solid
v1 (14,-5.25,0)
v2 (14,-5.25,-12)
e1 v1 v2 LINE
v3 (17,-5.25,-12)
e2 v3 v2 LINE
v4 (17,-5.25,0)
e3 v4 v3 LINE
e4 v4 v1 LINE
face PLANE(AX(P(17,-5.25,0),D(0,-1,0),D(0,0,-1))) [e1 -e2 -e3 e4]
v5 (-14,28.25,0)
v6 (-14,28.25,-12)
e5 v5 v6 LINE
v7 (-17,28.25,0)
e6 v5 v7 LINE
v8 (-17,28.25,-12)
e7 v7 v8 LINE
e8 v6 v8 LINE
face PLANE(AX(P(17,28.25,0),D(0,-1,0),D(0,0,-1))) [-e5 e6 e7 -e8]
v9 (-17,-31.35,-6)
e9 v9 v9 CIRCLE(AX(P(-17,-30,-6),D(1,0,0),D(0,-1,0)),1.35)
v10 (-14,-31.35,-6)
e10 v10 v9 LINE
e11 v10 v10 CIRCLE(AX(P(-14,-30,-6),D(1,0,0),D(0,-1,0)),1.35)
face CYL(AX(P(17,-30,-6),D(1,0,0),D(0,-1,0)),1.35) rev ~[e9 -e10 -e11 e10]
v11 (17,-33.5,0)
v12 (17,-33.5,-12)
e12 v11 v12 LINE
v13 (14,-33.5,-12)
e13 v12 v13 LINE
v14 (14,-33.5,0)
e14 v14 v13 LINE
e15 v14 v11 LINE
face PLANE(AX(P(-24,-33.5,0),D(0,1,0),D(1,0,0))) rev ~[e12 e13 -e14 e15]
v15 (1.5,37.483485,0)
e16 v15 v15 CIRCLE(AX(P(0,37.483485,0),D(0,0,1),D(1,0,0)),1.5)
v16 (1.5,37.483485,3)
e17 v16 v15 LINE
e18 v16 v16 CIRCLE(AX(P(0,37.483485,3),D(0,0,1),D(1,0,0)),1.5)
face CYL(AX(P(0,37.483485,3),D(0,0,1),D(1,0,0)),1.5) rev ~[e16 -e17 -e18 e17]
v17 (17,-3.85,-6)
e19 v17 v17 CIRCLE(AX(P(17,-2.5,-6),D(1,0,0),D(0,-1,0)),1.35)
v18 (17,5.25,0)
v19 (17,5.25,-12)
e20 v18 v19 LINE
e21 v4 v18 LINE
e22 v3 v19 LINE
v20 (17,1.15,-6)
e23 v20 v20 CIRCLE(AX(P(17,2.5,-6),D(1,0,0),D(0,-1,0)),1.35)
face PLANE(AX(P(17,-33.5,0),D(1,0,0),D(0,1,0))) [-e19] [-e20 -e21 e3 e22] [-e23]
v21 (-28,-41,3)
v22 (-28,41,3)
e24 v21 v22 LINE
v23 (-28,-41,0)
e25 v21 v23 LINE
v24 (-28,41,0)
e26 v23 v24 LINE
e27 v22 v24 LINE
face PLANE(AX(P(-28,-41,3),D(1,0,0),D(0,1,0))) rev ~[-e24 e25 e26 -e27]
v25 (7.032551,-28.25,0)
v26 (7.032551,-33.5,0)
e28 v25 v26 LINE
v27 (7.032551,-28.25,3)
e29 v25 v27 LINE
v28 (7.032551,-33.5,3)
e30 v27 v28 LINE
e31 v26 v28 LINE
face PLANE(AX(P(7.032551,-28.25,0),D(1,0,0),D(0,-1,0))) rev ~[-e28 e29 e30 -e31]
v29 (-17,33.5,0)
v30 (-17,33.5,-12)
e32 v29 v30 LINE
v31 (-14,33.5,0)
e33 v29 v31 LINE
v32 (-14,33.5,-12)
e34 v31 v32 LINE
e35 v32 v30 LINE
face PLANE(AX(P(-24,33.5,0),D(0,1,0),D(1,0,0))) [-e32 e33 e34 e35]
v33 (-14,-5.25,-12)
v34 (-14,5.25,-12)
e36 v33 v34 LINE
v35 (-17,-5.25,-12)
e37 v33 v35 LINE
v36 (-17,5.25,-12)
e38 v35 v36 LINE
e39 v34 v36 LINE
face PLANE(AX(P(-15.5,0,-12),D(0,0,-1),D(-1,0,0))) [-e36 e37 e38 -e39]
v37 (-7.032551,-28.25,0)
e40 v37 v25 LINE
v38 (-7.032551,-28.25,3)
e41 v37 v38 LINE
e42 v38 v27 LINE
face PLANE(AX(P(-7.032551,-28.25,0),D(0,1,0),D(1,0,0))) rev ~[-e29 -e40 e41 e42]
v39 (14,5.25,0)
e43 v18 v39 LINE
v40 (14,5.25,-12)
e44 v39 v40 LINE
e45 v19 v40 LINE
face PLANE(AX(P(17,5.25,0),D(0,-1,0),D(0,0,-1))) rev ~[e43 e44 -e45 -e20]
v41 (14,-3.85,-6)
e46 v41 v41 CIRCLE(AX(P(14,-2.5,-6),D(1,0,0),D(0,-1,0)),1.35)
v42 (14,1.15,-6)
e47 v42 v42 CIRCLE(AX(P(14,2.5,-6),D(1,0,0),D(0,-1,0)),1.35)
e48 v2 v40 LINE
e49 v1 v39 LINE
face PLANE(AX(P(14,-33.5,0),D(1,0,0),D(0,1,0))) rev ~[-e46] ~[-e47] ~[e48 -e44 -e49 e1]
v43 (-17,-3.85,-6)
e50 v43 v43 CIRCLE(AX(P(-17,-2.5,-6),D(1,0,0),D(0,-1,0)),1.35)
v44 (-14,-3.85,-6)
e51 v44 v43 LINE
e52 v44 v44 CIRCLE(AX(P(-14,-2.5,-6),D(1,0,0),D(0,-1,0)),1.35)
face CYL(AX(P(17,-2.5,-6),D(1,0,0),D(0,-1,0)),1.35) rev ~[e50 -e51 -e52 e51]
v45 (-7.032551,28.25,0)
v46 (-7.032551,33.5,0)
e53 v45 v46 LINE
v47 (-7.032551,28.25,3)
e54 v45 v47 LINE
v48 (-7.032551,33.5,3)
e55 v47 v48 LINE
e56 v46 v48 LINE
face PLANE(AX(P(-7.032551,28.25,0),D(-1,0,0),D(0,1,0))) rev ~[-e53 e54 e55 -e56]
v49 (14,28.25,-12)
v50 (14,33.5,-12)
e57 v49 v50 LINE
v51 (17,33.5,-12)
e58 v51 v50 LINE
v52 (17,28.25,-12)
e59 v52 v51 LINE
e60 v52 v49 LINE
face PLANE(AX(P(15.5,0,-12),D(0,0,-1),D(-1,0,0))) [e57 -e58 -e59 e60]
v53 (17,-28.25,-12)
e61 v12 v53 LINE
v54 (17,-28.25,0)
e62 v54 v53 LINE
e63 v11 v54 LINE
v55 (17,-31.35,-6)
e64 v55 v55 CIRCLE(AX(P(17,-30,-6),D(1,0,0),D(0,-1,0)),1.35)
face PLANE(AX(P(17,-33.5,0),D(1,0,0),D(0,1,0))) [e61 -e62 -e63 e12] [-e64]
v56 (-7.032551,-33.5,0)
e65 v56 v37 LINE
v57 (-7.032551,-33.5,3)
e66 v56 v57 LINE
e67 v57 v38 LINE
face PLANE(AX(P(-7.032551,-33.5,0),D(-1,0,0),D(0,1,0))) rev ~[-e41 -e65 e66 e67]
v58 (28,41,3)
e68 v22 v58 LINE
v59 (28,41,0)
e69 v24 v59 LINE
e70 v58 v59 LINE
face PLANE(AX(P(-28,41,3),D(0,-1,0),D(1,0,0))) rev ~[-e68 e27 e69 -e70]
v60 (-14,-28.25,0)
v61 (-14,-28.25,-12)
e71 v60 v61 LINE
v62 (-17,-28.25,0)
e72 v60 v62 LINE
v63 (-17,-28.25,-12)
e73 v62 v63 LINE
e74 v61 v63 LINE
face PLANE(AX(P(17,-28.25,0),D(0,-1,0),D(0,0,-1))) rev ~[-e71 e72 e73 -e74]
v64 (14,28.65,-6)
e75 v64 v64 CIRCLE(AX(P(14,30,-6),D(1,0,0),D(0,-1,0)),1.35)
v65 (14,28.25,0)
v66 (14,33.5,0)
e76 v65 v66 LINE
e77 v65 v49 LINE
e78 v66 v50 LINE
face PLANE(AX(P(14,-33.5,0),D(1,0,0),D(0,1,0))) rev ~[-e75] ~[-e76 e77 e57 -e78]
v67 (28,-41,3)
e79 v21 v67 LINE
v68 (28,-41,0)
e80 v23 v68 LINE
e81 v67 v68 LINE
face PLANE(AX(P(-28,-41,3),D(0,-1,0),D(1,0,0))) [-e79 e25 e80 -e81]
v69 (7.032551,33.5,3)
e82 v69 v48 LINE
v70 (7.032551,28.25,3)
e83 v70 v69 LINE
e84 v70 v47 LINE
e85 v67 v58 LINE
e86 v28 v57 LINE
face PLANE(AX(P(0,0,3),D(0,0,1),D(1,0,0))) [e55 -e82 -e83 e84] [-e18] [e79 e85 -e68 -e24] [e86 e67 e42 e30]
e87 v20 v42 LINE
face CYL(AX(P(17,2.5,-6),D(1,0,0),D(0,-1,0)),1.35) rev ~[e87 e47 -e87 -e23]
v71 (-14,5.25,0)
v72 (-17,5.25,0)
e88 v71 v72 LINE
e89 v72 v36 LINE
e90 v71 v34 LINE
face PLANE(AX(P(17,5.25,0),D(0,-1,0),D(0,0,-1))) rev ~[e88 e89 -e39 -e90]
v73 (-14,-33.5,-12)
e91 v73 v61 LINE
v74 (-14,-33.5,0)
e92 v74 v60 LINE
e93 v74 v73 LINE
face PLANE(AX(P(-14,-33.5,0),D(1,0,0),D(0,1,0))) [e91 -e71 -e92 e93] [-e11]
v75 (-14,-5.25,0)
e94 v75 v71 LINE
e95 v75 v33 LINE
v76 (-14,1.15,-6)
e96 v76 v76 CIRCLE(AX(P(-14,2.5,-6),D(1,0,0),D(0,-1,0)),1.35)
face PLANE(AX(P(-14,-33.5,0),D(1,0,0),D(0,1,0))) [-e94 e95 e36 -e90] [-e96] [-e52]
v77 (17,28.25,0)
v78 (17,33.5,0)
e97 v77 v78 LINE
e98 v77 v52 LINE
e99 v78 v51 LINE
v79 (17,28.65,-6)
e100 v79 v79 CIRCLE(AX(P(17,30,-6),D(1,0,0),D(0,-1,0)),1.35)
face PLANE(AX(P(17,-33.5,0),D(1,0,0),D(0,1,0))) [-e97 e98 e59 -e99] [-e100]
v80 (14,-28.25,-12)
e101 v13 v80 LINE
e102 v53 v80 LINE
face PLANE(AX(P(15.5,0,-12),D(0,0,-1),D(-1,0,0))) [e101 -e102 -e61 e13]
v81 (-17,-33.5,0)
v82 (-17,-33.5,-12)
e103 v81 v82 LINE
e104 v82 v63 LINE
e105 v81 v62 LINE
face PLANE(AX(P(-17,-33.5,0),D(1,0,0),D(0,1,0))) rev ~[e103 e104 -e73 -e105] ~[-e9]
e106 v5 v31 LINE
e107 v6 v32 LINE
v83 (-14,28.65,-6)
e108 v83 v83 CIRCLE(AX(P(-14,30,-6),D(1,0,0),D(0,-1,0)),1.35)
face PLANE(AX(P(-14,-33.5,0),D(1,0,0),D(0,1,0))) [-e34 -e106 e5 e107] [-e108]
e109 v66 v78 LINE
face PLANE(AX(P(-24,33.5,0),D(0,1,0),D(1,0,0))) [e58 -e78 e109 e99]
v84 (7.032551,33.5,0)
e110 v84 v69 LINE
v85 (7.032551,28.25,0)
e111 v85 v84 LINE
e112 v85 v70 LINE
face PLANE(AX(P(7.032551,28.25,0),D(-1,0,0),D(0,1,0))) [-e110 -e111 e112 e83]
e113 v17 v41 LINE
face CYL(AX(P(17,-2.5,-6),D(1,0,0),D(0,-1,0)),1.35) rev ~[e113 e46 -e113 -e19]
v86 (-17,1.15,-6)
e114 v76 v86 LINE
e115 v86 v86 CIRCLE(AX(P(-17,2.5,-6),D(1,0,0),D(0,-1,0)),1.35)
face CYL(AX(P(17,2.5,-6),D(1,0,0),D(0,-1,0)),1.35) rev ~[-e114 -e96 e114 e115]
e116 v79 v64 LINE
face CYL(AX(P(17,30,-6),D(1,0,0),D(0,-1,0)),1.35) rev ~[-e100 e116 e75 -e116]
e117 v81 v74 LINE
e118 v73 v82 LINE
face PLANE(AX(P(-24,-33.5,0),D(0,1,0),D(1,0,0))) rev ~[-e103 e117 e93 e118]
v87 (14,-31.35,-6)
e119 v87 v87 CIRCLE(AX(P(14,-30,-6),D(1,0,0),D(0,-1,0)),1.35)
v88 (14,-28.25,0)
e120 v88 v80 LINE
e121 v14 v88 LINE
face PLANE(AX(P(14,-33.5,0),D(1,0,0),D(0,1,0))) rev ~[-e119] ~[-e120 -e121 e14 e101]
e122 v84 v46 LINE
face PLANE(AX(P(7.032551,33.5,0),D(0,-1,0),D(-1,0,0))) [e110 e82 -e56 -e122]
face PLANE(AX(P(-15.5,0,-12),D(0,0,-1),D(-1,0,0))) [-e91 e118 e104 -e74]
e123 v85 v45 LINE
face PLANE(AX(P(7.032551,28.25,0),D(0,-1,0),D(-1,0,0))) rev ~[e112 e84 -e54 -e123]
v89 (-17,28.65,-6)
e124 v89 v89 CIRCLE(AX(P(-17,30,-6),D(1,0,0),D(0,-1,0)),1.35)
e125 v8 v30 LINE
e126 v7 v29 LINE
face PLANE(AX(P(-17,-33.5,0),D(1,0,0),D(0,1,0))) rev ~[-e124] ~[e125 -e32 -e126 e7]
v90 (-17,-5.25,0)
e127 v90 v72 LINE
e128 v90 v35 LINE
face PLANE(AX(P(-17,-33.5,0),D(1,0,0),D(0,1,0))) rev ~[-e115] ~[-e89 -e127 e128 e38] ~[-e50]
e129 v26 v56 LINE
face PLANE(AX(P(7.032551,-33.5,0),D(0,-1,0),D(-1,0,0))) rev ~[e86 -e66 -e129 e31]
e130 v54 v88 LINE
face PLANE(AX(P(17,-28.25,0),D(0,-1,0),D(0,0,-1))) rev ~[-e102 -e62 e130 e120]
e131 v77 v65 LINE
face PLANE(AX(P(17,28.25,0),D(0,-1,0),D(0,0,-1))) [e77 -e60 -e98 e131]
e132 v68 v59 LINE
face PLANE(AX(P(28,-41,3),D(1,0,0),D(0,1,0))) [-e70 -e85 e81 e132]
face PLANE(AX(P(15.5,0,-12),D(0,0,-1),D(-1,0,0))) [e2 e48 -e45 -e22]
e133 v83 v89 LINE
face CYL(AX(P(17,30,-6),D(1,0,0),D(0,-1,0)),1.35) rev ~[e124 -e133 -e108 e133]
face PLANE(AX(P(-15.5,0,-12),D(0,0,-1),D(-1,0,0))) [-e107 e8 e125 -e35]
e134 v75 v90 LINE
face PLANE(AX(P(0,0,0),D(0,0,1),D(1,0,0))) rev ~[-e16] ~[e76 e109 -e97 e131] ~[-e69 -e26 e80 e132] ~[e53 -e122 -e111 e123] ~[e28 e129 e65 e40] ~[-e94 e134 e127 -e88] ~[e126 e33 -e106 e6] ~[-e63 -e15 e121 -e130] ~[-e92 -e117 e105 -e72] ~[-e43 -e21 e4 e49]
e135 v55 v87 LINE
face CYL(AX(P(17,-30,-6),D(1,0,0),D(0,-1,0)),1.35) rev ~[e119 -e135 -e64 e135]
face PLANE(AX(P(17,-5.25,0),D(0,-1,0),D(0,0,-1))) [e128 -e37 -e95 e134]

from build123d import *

# Parameters (mm, degrees)
SKETCH_1_W          = 48
SKETCH_1_H          = 67
EXTRUDE_2_DEPTH     = 3
SKETCH_3_W          = 3
SKETCH_3_H          = 67
EXTRUDE_3_DEPTH     = 12
SKETCH_4_R          = 1.35
SKETCH_4_W          = 12
SKETCH_4_H          = 23
CUT_EXTRUDE_1_DEPTH = 65
SKETCH_5_W          = 18.288137738
SKETCH_5_H          = 10.5
CUT_EXTRUDE_2_DEPTH = 65
SKETCH_6_W          = 3.5
SKETCH_6_H          = 67
CUT_EXTRUDE_3_DEPTH = 65
FILLET_1_R          = 3
SKETCH_7_W          = 56
SKETCH_7_H          = 82
EXTRUDE_4_DEPTH     = 3
SKETCH_9_W          = 14.065102052
SKETCH_9_H          = 5.25
CUT_EXTRUDE_4_DEPTH = 3
SKETCH_10_R         = 1.5
CUT_EXTRUDE_5_DEPTH = 3


with BuildPart() as part:
    # 草图1 → 凸台-拉伸2 (new body)
    with BuildSketch(Plane.XY):
        Rectangle(SKETCH_1_W, SKETCH_1_H)
    extrude(amount=EXTRUDE_2_DEPTH)

    # 草图3 → 凸台-拉伸3 (add)
    with BuildSketch(Plane(origin=(0, 0, 0), x_dir=(-1, 0, 0), z_dir=(0, 0, -1))):
        with Locations((-15.5, 0)):
            Rectangle(SKETCH_3_W, SKETCH_3_H)
        with Locations((15.5, 0)):
            Rectangle(SKETCH_3_W, SKETCH_3_H)
    extrude(amount=EXTRUDE_3_DEPTH)

    # 草图4 → 切除-拉伸1 (cut)
    with BuildSketch(Plane(origin=(17, 0, 0), x_dir=(0, 0, -1), z_dir=(1, 0, 0))):
        with Locations(Location((6, 2.5, 0), (0, 0, 270))):
            Circle(SKETCH_4_R)
        with Locations(Location((6, 30, 0), (0, 0, 270))):
            Circle(SKETCH_4_R)
        with Locations(Location((6, -2.5, 0), (0, 0, 270))):
            Circle(SKETCH_4_R)
        with Locations(Location((6, -30, 0), (0, 0, 270))):
            Circle(SKETCH_4_R)
        with Locations((6, -16.75)):
            Rectangle(SKETCH_4_W, SKETCH_4_H)
        with Locations((6, 16.75)):
            Rectangle(SKETCH_4_W, SKETCH_4_H)
    extrude(amount=-CUT_EXTRUDE_1_DEPTH, mode=Mode.SUBTRACT)

    # 草图5 → 切除-拉伸2 (cut)
    with BuildSketch(Plane(origin=(0, 0, 0), x_dir=(-1, 0, 0), z_dir=(0, 0, -1))):
        Rectangle(SKETCH_5_W, SKETCH_5_H)
    extrude(amount=-CUT_EXTRUDE_2_DEPTH, mode=Mode.SUBTRACT)

    # 草图6 → 切除-拉伸3 (cut)
    with BuildSketch(Plane(origin=(0, 0, 0), x_dir=(-1, 0, 0), z_dir=(0, 0, -1))):
        with Locations((22.25, 0)):
            Rectangle(SKETCH_6_W, SKETCH_6_H)
        with Locations((-22.25, 0)):
            Rectangle(SKETCH_6_W, SKETCH_6_H)
    extrude(amount=-CUT_EXTRUDE_3_DEPTH, mode=Mode.SUBTRACT)

    # 圆角1
    fillet_1_edges = [part.edges().sort_by_distance(p)[0] for p in [
        (20.5, 33.5, 1.5),
        (20.5, -33.5, 1.5),
        (-20.5, -33.5, 1.5),
        (-20.5, 33.5, 1.5),
    ]]
    fillet(fillet_1_edges, radius=FILLET_1_R)

    # 草图7 → 凸台-拉伸4 (add)
    with BuildSketch(Plane.XY.offset(3)):
        Rectangle(SKETCH_7_W, SKETCH_7_H)
    extrude(amount=-EXTRUDE_4_DEPTH)

    # 草图9 → 切除-拉伸4 (cut)
    with BuildSketch(Plane(origin=(0, 0, 0), x_dir=(-1, 0, 0), z_dir=(0, 0, -1))):
        with Locations((0, 30.875)):
            Rectangle(SKETCH_9_W, SKETCH_9_H)
        Polygon((0, -28.25), (-7.032551026, -28.25), (-7.032551026, -33.5), (7.032551026, -33.5), (7.032551026, -28.25), align=None)
    extrude(amount=-CUT_EXTRUDE_4_DEPTH, mode=Mode.SUBTRACT)

    # 草图10 → 切除-拉伸5 (cut)
    with BuildSketch(Plane.XY.offset(3)):
        with Locations((0, 37.483485188)):
            Circle(SKETCH_10_R)
    extrude(amount=-CUT_EXTRUDE_5_DEPTH, mode=Mode.SUBTRACT)


solid = part.part
